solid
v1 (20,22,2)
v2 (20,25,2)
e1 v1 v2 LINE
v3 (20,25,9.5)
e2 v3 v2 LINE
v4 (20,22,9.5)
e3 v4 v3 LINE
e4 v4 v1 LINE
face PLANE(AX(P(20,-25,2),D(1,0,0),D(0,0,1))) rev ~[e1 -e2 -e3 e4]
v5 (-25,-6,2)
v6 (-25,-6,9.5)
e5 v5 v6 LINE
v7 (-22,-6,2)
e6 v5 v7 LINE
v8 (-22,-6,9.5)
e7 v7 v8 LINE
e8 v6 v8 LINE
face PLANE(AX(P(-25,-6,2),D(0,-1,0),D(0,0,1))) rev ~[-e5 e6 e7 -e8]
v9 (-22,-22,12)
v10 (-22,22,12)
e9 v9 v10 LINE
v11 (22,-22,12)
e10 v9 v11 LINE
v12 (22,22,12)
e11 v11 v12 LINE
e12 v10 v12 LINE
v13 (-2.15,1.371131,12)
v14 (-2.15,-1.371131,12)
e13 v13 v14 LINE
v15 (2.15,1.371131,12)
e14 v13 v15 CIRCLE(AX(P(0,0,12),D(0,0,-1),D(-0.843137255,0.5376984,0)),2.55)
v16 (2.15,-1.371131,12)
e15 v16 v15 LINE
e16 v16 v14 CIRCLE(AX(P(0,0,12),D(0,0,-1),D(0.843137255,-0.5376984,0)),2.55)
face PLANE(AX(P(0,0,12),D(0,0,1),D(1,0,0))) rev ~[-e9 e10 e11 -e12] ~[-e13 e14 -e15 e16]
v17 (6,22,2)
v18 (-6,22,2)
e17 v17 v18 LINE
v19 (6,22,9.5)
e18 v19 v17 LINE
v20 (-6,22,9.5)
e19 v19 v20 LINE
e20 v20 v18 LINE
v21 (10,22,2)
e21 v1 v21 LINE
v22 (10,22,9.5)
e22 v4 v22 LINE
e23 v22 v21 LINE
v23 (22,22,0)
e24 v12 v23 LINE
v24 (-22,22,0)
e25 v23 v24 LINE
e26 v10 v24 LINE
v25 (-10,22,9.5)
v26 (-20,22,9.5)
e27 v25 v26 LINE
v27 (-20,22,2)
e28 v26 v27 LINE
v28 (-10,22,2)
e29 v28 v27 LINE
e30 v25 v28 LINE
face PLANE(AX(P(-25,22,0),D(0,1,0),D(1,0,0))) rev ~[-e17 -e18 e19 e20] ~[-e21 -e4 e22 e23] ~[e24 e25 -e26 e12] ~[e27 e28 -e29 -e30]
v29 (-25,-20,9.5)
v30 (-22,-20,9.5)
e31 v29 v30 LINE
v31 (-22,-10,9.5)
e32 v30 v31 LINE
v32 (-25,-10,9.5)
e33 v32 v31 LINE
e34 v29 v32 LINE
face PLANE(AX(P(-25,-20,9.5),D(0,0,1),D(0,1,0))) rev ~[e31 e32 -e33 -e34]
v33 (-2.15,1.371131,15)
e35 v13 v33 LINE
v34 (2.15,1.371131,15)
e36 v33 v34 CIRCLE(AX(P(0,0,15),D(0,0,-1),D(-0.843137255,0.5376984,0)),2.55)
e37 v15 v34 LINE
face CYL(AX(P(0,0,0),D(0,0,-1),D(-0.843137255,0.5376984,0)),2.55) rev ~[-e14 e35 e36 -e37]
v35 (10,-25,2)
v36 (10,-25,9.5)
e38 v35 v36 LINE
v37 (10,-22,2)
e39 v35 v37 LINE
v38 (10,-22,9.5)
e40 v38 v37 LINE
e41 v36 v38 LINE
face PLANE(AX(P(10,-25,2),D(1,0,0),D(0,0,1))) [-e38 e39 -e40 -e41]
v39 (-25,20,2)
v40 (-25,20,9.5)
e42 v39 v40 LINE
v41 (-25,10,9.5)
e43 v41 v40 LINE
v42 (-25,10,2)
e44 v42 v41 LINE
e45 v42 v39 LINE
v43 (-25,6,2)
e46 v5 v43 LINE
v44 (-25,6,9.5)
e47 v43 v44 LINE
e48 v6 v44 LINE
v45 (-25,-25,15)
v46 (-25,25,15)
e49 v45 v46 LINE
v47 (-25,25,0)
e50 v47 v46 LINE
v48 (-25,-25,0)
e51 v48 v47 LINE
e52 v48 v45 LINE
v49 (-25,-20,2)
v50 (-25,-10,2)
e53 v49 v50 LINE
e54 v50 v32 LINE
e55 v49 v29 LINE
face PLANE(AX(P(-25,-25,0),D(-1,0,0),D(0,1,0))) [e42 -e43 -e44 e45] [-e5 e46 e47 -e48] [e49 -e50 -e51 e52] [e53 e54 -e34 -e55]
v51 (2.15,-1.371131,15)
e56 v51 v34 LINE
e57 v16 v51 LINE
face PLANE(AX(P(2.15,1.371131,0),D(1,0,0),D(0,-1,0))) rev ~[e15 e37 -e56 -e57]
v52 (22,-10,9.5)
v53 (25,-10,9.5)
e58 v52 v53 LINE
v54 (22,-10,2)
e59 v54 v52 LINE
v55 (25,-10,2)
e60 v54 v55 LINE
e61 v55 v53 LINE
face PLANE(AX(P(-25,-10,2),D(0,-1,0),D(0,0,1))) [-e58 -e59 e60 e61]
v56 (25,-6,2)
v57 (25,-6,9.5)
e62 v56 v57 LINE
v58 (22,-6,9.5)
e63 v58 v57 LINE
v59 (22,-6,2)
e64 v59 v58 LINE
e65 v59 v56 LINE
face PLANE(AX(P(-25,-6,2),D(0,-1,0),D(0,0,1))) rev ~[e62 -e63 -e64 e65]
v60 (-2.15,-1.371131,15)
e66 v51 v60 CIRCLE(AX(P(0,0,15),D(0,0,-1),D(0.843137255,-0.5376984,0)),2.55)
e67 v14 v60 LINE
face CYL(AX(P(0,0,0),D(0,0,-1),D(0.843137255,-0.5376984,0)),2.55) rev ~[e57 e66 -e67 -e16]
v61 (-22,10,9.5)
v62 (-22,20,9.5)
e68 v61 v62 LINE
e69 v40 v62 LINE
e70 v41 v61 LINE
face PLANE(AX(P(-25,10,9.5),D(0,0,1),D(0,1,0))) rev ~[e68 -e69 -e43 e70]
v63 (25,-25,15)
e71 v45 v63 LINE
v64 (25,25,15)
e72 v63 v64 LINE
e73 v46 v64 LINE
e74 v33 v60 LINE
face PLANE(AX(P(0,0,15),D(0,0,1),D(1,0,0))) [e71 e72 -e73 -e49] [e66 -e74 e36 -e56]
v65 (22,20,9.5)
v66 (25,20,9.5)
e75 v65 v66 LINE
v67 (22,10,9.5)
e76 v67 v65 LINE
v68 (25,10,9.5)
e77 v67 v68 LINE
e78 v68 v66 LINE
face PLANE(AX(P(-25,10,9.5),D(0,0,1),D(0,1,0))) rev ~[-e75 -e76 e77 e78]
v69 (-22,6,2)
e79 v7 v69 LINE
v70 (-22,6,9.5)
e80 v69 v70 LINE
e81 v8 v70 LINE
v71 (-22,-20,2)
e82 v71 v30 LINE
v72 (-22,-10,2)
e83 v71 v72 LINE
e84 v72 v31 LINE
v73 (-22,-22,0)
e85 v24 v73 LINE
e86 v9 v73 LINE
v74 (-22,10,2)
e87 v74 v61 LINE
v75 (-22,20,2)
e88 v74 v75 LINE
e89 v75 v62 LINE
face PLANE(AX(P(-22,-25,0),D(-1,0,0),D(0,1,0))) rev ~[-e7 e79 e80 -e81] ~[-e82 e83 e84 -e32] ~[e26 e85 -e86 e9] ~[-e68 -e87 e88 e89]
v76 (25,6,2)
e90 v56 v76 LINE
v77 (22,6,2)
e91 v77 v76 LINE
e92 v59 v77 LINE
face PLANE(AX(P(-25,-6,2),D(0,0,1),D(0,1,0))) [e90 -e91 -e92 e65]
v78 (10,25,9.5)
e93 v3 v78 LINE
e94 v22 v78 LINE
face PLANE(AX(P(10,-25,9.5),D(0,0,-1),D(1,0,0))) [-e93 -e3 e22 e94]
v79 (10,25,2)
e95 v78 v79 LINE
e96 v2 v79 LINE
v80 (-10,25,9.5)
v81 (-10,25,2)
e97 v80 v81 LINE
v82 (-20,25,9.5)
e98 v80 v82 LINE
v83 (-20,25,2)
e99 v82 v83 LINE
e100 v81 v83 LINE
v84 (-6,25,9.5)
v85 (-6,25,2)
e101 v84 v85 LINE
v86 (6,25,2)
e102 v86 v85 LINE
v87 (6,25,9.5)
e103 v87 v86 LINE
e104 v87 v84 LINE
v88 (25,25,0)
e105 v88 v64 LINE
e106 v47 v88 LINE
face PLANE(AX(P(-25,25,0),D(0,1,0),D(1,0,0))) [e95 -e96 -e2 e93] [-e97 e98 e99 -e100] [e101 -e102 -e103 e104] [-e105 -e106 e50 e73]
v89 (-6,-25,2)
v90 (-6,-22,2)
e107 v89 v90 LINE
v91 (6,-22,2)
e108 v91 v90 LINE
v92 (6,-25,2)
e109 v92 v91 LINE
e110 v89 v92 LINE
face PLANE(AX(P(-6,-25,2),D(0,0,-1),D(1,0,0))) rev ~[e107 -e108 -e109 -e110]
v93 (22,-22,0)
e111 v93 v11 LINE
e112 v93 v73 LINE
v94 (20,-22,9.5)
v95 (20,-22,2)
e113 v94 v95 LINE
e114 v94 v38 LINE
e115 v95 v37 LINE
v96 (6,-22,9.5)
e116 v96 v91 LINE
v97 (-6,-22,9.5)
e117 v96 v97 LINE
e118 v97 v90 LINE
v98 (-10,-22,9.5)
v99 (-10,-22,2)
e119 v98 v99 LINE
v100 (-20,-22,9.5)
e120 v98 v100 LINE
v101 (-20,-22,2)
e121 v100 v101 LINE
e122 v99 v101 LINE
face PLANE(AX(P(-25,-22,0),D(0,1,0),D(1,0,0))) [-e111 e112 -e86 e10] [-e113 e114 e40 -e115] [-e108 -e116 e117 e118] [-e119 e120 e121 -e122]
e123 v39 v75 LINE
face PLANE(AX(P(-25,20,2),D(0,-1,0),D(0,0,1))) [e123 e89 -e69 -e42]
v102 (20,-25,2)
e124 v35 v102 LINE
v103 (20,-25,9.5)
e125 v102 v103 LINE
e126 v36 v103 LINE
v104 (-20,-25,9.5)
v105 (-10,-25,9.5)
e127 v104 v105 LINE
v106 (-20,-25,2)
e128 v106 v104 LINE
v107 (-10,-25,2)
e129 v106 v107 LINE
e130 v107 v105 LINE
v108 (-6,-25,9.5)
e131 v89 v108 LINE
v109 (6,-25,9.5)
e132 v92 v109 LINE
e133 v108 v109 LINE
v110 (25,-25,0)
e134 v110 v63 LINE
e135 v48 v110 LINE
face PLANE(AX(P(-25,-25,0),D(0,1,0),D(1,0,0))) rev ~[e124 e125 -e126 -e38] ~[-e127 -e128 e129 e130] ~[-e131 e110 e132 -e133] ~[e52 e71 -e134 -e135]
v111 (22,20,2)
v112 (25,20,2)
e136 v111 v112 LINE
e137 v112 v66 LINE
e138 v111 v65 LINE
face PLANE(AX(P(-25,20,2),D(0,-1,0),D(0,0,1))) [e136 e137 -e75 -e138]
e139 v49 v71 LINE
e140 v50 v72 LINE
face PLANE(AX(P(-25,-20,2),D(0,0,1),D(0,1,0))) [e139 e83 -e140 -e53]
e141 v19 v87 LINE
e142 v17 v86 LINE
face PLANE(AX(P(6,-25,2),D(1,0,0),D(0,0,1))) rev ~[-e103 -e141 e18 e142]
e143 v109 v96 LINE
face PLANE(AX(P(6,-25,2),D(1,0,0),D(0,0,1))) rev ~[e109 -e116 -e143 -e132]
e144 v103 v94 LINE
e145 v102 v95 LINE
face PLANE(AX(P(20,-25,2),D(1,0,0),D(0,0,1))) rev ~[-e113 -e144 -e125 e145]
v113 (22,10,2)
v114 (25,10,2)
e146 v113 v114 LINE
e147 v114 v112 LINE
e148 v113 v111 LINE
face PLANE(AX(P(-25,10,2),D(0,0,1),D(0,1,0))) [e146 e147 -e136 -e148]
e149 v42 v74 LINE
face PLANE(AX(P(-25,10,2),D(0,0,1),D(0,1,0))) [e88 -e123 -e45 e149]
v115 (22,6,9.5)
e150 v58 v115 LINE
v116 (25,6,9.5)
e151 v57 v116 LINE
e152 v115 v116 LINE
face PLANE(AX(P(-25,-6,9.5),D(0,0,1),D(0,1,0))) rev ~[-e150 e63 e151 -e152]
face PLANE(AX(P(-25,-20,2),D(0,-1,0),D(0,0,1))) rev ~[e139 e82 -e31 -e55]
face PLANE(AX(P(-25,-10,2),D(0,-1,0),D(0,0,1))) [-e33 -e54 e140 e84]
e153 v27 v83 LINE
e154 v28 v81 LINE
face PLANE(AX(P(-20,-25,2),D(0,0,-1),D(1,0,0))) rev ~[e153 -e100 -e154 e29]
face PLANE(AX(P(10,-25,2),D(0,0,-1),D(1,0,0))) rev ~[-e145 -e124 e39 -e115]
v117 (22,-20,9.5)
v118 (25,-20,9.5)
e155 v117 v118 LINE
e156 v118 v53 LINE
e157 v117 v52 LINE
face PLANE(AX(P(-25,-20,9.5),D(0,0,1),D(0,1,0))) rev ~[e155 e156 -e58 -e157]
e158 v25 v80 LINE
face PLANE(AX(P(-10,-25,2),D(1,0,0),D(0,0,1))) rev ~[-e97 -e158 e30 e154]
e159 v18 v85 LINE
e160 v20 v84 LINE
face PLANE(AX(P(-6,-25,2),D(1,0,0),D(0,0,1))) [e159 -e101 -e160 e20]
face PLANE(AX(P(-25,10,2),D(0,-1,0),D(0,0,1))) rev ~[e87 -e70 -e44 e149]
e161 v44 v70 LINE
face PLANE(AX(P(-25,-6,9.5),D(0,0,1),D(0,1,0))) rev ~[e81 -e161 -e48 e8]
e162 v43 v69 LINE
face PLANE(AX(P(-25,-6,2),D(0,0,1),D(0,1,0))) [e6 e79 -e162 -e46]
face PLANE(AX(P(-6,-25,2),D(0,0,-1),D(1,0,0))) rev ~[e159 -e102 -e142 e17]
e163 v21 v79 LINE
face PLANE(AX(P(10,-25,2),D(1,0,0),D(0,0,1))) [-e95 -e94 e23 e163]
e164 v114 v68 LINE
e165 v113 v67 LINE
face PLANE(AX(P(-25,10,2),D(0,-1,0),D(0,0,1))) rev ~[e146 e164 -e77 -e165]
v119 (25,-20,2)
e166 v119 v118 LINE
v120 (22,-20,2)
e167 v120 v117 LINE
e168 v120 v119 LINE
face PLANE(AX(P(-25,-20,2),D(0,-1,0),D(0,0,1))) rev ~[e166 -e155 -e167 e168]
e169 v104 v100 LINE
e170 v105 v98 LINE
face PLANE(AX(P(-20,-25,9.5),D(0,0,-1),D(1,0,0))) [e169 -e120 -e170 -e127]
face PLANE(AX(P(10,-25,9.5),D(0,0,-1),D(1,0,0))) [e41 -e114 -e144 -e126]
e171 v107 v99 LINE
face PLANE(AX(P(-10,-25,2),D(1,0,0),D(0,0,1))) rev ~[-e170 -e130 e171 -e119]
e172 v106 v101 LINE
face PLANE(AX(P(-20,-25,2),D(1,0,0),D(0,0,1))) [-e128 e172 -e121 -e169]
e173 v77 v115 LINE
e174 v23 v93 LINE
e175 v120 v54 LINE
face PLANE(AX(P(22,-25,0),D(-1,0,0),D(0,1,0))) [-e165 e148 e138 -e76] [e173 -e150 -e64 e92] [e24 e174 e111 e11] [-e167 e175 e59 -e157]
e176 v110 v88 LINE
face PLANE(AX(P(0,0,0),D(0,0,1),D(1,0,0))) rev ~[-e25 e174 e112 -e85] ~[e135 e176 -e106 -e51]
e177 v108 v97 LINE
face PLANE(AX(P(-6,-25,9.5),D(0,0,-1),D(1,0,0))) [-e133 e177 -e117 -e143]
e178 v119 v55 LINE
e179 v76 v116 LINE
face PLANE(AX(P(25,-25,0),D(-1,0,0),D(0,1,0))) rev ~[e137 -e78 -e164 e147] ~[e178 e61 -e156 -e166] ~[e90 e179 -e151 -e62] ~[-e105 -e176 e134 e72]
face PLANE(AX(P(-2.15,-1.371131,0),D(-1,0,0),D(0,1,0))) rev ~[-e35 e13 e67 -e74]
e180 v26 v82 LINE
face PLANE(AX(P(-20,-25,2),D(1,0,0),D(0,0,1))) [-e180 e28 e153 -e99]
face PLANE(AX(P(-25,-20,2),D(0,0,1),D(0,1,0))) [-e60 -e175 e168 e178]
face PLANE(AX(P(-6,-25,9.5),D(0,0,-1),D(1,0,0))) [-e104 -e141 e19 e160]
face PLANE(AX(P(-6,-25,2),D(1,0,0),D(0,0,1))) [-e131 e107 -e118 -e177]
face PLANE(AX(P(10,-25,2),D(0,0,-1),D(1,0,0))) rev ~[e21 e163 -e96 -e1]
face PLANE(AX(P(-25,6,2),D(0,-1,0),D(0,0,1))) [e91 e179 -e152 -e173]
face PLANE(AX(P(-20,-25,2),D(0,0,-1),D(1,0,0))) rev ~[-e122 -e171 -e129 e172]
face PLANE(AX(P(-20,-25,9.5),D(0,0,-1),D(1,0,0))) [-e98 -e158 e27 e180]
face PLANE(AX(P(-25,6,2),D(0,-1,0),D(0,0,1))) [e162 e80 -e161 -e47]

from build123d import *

# Parameters (mm, degrees)
SKETCH1_W               = 50
SKETCH1_H               = 50
BOSS_EXTRUDE1_DEPTH     = 15
SHELL1_T                = -3
CUT_EXTRUDE1_DEPTH      = 1
CUT_EXTRUDE1_DEPTH_BACK = 16
SKETCH5_W               = 7.5
SKETCH5_H               = 10
SKETCH5_H_2             = 12
CUT_EXTRUDE2_DEPTH      = 1
CUT_EXTRUDE2_DEPTH_BACK = 51
SKETCH6_W               = 12
SKETCH6_H               = 7.5
SKETCH6_W_2             = 10
CUT_EXTRUDE3_DEPTH      = 1
CUT_EXTRUDE3_DEPTH_BACK = 51


with BuildPart() as part:
    # Sketch1 → Boss-Extrude1 (new body)
    with BuildSketch(Plane.XY):
        Rectangle(SKETCH1_W, SKETCH1_H)
    extrude(amount=BOSS_EXTRUDE1_DEPTH)

    # Shell1
    shell1_openings = [part.faces().sort_by_distance(p)[0] for p in [
        (0, 0, 0),
    ]]
    offset(amount=SHELL1_T, openings=shell1_openings, kind=Kind.INTERSECTION)

    # Sketch2 → Cut-Extrude1 (cut, two sides)
    with BuildSketch(Plane(origin=(0, 0, 0), x_dir=(-1, 0, 0), z_dir=(0, 0, -1))) as cut_extrude1_sk:
        with BuildLine():
            Line((-2.15, 1.37113092), (-2.15, -1.37113092))
            ThreePointArc((-2.15, -1.37113092), (0, -2.55), (2.15, -1.37113092))
            Line((2.15, -1.37113092), (2.15, 1.37113092))
            ThreePointArc((2.15, 1.37113092), (0, 2.55), (-2.15, 1.37113092))
        make_face()
    extrude(amount=CUT_EXTRUDE1_DEPTH, mode=Mode.SUBTRACT)
    extrude(cut_extrude1_sk.sketch, amount=-CUT_EXTRUDE1_DEPTH_BACK, mode=Mode.SUBTRACT)

    # Sketch5 → Cut-Extrude2 (cut, two sides)
    with BuildSketch(Plane.ZY.offset(25)) as cut_extrude2_sk:
        with Locations((5.75, 15)):
            Rectangle(SKETCH5_W, SKETCH5_H)
        with Locations((5.75, 0)):
            Rectangle(SKETCH5_W, SKETCH5_H_2)
        with Locations((5.75, -15)):
            Rectangle(SKETCH5_W, SKETCH5_H)
    extrude(amount=CUT_EXTRUDE2_DEPTH, mode=Mode.SUBTRACT)
    extrude(cut_extrude2_sk.sketch, amount=-CUT_EXTRUDE2_DEPTH_BACK, mode=Mode.SUBTRACT)

    # Sketch6 → Cut-Extrude3 (cut, two sides)
    with BuildSketch(Plane.XZ.offset(25)) as cut_extrude3_sk:
        with Locations((0, 5.75)):
            Rectangle(SKETCH6_W, SKETCH6_H)
        with Locations((15, 5.75)):
            Rectangle(SKETCH6_W_2, SKETCH6_H)
        with Locations((-15, 5.75)):
            Rectangle(SKETCH6_W_2, SKETCH6_H)
    extrude(amount=CUT_EXTRUDE3_DEPTH, mode=Mode.SUBTRACT)
    extrude(cut_extrude3_sk.sketch, amount=-CUT_EXTRUDE3_DEPTH_BACK, mode=Mode.SUBTRACT)


solid = part.part
